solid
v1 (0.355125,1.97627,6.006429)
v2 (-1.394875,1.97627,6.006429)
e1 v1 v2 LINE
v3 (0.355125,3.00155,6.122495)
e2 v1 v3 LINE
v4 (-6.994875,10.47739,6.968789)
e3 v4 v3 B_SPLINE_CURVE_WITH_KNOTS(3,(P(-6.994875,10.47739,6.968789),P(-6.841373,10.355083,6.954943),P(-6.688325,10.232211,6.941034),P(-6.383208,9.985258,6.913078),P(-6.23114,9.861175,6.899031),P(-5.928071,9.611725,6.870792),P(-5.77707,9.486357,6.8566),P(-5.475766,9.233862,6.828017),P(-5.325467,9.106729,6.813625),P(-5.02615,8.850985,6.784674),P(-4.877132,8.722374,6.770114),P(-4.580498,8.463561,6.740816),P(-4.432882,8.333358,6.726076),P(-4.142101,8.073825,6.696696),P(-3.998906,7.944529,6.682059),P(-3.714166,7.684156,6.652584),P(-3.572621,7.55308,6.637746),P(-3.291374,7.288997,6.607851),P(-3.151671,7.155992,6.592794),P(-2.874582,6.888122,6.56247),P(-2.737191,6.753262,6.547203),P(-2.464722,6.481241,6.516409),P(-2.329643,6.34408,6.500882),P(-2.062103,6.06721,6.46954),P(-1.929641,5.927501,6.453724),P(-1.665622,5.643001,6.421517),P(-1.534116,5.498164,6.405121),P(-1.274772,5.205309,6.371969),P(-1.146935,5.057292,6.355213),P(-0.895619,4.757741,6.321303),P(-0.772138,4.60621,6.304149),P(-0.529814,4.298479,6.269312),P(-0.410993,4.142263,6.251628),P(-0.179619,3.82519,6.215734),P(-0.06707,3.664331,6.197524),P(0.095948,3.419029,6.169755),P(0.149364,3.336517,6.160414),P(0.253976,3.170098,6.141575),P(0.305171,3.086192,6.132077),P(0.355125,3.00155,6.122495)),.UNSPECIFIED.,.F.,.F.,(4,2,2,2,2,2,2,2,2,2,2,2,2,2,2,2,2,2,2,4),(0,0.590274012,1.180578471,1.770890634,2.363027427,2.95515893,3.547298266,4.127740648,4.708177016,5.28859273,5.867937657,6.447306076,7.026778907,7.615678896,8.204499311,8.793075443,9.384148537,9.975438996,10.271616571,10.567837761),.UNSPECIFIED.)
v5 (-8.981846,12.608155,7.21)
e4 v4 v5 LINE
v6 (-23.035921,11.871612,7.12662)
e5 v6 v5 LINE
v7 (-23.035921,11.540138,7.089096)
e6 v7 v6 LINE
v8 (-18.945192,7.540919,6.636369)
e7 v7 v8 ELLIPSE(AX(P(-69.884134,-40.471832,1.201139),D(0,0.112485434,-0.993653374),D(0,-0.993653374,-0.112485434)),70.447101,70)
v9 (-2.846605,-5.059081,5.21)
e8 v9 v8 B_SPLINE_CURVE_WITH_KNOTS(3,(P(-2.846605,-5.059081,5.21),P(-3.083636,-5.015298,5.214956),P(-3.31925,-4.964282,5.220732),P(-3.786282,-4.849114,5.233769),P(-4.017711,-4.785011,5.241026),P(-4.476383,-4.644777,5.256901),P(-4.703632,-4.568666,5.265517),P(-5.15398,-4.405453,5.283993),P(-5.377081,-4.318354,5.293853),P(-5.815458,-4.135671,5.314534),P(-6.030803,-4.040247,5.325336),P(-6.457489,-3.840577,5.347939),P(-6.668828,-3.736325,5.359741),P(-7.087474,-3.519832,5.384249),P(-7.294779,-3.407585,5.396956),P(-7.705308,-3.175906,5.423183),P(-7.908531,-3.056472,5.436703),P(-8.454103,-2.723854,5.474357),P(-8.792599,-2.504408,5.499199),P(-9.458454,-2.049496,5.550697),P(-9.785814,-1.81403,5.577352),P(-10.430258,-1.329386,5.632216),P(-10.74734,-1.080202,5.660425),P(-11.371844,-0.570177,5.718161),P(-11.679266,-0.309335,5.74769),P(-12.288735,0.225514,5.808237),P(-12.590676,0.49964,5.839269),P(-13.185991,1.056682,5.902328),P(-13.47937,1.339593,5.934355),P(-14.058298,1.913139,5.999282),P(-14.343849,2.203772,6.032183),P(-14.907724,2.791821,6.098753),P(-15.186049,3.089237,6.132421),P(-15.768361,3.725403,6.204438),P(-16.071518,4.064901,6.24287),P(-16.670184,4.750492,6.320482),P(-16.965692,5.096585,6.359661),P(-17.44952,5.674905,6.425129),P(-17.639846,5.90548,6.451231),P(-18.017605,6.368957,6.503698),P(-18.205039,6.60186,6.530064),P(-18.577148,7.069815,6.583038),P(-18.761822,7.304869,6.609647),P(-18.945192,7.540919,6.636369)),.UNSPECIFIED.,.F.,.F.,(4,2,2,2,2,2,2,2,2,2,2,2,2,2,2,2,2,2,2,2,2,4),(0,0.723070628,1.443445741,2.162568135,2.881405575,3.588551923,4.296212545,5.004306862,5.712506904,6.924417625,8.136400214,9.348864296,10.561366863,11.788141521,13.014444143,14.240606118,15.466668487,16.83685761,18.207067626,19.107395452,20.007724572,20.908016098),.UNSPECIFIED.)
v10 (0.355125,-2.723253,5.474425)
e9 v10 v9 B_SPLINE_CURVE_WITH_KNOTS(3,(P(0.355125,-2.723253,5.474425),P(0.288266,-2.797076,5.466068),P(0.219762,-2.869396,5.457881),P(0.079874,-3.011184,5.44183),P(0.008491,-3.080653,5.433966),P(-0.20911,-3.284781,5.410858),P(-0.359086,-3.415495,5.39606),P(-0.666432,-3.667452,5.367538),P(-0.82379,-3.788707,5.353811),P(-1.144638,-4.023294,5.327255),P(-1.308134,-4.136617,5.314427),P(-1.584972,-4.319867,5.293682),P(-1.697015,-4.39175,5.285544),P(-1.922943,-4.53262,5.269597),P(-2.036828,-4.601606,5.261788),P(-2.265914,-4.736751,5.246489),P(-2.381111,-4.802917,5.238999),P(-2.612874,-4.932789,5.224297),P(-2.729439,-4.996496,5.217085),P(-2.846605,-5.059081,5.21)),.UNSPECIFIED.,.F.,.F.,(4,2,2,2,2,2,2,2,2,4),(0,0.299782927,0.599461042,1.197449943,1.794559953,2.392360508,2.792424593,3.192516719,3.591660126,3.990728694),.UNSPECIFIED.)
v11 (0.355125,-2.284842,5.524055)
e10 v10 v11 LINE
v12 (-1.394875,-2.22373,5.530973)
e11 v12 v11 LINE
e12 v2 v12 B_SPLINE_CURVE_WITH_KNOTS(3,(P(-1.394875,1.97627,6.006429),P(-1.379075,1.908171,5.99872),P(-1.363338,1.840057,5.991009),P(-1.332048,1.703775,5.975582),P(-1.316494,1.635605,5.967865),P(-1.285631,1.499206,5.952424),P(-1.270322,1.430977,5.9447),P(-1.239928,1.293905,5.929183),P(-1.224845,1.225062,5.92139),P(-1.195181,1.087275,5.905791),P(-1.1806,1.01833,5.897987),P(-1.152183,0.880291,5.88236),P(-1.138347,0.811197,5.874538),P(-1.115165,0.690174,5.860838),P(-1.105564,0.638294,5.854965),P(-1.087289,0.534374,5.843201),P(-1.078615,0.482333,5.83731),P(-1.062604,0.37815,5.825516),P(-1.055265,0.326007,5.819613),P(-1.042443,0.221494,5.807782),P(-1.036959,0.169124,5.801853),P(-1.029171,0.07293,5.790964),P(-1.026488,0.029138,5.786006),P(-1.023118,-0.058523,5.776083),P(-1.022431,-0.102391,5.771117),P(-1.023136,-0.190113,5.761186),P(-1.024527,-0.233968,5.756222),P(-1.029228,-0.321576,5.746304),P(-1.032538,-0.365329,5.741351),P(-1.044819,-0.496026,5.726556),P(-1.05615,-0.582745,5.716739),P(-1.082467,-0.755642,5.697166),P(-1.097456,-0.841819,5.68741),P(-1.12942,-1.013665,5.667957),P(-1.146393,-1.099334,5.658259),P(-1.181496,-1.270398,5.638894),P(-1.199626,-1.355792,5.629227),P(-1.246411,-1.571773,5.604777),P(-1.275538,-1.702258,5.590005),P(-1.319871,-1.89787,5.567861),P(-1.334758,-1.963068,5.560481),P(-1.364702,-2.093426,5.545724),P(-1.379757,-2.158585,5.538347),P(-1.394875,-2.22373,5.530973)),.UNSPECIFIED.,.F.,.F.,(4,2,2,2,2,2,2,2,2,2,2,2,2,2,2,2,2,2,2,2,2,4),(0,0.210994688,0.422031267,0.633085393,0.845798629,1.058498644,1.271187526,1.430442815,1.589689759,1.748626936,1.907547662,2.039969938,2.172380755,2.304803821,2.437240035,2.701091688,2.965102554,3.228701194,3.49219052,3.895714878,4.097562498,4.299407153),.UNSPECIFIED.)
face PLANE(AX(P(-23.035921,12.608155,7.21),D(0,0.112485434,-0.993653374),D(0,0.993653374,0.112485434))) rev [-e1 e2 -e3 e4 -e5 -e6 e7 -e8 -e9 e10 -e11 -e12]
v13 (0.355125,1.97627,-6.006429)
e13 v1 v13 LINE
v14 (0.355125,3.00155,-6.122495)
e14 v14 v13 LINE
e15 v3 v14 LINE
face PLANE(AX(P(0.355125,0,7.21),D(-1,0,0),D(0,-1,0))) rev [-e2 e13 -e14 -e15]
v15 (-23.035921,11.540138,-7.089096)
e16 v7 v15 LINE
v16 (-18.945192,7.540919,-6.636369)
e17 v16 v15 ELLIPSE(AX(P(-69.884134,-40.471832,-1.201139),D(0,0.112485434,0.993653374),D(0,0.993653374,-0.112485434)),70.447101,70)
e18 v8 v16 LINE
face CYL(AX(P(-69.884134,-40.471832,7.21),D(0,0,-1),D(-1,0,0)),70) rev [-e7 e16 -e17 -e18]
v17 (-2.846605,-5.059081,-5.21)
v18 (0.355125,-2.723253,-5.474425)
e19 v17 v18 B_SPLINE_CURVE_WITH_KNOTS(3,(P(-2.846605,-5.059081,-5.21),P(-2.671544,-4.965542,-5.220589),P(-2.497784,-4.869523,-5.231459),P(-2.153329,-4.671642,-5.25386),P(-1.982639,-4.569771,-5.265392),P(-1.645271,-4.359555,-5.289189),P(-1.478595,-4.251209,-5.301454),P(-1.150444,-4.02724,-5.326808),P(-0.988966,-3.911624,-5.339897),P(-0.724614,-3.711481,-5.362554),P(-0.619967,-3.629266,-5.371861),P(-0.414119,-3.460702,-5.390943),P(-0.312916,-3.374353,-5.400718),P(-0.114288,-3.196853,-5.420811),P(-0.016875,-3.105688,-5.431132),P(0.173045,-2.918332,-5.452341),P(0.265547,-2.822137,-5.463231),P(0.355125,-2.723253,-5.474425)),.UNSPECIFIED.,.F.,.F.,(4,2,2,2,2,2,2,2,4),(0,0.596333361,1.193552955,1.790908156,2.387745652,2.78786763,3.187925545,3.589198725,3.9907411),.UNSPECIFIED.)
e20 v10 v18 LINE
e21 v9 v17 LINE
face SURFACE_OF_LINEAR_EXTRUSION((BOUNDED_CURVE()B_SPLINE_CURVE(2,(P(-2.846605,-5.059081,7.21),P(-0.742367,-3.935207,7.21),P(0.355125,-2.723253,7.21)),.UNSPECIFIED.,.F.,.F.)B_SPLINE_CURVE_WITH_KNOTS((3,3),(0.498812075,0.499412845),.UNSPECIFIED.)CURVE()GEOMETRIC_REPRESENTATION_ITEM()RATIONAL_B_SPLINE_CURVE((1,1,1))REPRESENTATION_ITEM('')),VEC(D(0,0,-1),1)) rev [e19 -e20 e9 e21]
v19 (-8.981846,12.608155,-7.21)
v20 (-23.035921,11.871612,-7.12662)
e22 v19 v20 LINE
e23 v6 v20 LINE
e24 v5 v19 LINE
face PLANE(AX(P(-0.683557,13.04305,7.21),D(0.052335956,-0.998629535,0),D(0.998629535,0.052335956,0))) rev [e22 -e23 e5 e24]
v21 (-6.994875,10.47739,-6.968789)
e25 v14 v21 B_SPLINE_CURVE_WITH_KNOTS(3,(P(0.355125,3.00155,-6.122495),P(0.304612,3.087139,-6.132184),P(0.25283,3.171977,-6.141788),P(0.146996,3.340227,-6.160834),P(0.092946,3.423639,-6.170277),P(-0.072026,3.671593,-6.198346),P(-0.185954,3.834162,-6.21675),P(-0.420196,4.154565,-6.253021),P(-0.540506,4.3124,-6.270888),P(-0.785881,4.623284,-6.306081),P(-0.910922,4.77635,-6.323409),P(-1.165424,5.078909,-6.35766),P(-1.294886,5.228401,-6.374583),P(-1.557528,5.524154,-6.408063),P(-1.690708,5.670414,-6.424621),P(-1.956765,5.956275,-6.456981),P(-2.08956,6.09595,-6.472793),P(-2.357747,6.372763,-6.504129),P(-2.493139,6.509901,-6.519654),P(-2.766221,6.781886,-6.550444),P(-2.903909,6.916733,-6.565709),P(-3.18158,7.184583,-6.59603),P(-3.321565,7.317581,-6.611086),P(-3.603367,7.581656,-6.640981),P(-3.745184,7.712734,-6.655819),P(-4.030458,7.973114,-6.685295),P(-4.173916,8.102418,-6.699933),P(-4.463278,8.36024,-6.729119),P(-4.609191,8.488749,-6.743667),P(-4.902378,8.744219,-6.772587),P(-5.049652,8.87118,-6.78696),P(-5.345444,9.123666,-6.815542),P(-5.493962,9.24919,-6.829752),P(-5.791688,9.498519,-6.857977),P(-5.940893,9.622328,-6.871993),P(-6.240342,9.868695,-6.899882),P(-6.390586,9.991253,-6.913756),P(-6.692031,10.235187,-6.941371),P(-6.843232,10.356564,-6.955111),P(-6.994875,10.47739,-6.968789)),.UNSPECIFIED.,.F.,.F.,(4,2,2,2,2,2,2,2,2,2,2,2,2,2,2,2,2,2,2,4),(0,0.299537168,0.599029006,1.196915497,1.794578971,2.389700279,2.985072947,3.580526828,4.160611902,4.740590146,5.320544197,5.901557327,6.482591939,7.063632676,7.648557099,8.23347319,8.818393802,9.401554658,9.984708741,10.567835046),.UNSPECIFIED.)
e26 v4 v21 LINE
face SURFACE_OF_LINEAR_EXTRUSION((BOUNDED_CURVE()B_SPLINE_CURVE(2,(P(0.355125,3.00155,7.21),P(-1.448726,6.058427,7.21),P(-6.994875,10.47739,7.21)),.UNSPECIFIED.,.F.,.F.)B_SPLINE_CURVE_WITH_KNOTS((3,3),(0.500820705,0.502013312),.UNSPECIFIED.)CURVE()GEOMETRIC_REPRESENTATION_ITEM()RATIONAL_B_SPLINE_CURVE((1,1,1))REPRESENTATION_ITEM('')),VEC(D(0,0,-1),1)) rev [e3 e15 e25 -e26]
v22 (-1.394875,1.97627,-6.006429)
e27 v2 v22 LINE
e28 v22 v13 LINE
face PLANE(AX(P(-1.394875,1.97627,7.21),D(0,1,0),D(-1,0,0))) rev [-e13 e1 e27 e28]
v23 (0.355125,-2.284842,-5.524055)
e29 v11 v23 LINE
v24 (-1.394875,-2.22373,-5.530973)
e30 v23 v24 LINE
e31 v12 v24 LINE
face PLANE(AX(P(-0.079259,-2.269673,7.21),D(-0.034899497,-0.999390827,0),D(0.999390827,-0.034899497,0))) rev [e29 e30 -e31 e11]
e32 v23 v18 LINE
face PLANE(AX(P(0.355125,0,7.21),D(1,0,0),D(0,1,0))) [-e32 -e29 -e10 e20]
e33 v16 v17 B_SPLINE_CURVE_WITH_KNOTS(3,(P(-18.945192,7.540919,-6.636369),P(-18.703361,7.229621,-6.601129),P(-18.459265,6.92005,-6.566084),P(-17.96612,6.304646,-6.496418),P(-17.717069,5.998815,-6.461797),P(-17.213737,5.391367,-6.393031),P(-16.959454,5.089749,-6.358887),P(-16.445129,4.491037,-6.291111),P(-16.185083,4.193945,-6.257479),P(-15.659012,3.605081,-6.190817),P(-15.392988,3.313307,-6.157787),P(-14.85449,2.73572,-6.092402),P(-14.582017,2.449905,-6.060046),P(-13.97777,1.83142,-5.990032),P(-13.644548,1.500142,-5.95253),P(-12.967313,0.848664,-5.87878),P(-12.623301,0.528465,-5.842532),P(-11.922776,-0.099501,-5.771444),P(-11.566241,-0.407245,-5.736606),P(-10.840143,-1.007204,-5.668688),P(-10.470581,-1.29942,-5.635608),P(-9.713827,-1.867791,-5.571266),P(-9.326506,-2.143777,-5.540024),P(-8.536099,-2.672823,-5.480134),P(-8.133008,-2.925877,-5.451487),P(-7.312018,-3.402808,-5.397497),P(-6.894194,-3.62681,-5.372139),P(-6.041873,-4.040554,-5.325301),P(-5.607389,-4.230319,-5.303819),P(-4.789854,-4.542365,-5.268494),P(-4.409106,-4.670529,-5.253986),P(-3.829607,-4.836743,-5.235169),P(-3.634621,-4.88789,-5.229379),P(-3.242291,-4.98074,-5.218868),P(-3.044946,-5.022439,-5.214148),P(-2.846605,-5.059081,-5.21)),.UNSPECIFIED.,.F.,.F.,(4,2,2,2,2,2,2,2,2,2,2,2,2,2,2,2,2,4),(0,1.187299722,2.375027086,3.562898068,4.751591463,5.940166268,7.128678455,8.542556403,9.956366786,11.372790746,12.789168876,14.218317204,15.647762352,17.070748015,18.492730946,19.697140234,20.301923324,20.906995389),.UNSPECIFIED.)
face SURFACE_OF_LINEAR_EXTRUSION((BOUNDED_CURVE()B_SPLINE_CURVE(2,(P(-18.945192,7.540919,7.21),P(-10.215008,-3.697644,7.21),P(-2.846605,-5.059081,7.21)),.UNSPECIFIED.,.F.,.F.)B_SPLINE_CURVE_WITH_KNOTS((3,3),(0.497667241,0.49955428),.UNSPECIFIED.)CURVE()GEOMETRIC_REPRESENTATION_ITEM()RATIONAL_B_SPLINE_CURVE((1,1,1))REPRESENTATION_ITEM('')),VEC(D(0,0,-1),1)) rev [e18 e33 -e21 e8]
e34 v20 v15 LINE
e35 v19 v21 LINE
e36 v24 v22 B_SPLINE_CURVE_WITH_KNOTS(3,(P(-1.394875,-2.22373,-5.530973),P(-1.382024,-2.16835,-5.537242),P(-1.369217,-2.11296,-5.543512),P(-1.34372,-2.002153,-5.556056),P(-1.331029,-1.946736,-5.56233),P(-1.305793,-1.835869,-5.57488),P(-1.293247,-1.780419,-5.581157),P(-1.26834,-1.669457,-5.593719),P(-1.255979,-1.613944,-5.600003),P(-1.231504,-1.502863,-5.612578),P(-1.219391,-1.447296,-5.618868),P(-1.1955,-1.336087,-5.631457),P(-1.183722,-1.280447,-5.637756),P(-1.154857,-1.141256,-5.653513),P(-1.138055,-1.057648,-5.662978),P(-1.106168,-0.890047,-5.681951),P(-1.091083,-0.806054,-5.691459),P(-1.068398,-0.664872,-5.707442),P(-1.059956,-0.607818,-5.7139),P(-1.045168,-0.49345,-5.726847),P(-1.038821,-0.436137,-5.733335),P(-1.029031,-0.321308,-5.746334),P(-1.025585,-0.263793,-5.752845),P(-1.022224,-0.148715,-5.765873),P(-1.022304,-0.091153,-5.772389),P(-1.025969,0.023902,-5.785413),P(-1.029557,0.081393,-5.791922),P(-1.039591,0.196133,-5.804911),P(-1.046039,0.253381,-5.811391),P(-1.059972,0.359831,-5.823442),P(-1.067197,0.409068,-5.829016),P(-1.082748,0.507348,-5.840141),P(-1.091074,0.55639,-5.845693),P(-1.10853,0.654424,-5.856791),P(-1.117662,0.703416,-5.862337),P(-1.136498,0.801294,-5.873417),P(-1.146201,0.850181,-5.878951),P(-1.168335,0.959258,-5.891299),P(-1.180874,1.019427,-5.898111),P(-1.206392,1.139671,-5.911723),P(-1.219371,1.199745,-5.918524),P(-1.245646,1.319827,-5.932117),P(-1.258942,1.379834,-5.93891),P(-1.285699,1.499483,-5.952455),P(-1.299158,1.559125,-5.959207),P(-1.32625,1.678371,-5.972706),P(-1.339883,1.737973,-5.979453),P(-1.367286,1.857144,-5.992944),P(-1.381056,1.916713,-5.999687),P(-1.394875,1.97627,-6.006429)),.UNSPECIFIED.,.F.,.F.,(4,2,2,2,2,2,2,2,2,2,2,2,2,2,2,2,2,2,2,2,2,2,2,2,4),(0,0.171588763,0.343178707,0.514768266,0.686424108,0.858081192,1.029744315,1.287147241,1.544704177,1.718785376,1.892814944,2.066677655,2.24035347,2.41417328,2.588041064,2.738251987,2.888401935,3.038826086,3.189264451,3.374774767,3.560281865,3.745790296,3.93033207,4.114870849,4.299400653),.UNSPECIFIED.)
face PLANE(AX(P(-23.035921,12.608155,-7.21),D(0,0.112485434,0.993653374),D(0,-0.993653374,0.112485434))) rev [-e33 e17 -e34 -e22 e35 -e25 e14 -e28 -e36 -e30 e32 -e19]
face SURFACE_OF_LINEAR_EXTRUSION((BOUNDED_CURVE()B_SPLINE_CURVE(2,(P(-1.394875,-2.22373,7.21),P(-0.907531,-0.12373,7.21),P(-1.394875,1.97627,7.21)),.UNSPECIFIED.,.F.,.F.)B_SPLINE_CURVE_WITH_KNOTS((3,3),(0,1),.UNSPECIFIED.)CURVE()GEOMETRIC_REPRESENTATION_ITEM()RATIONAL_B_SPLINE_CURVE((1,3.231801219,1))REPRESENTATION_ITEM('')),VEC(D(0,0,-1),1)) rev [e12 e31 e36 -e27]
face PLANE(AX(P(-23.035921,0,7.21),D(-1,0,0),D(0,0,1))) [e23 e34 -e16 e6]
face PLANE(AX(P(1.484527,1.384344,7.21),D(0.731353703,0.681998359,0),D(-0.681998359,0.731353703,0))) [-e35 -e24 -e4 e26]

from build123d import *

# Parameters (mm, degrees)
SALIENTE_EXTRUIR1_DEPTH      = 7.21
SALIENTE_EXTRUIR2_DEPTH      = 7.21
SALIENTE_EXTRUIR2_DEPTH_BACK = 7.21
CORTAR_EXTRUIR2_DEPTH        = 28.232395202
CORTAR_EXTRUIR2_DEPTH_BACK   = 28.232395202


with BuildPart() as part:
    # Croquis1 → Saliente-Extruir1 (new, symmetric)
    with BuildSketch(Plane.XY):
        with BuildLine():
            add(Edge.make_bspline(
                [(-18.945192114, 7.540918896), (-10.215008384, -3.697644103), (-2.846604825, -5.059081104)],
                knots=[0.497667241, 0.497667241, 0.497667241, 0.49955428, 0.49955428, 0.49955428], degree=2, weights=[1, 1, 1]))
            add(Edge.make_bspline(
                [(-2.846604825, -5.059081104), (-0.742366882, -3.9352066), (0.355125, -2.723253227)],
                knots=[0.498812075, 0.498812075, 0.498812075, 0.499412845, 0.499412845, 0.499412845], degree=2, weights=[1, 1, 1]))
            Line((0.355125, -2.723253227), (0.355125, -2.284841781))
            Line((0.355125, -2.284841781), (-1.394875, -2.223730435))
            add(Edge.make_bspline(
                [(-1.394875, -2.223730435), (-0.90753067, -0.123730435), (-1.394875, 1.976269565)],
                knots=[0, 0, 0, 1, 1, 1], degree=2, weights=[1, 3.231801219, 1]))
            Line((-1.394875, 1.976269565), (0.355125, 2.284841781))
            Line((0.355125, 2.284841781), (0.355125, 3.001549529))
            add(Edge.make_bspline(
                [(0.355125, 3.001549529), (-1.44872627, 6.058427314), (-6.994875026, 10.477389992)],
                knots=[0.500820705, 0.500820705, 0.500820705, 0.502013312, 0.502013312, 0.502013312], degree=2, weights=[1, 1, 1]))
            Line((-6.994875026, 10.477389992), (-8.981845695, 12.608155172))
            Line((-8.981845695, 12.608155172), (-23.035921146, 11.871612288))
            Line((-23.035921146, 11.871612288), (-23.035921146, 11.54013782))
            ThreePointArc((-23.035921146, 11.54013782), (-20.949684518, 9.582335705), (-18.945192114, 7.540918896))
        make_face()
    extrude(amount=SALIENTE_EXTRUIR1_DEPTH, both=True)

    # Croquis4 → Saliente-Extruir2 (add, two sides: drawn at the far end of the back side and taken through both)
    with BuildSketch(Plane.XY.offset(-SALIENTE_EXTRUIR2_DEPTH_BACK)):
        Polygon((-1.394875, 1.976269565), (0.355125, 2.284841781), (0.355125, 1.976269565), align=None)
    extrude(amount=SALIENTE_EXTRUIR2_DEPTH + SALIENTE_EXTRUIR2_DEPTH_BACK)

    # Croquis6 → Cortar-Extruir2 (cut, two sides: drawn at the far end of the back side and taken through both)
    with BuildSketch(Plane(origin=(0, 0, 0), x_dir=(0, 0, -1), z_dir=(1, 0, 0)).offset(-CORTAR_EXTRUIR2_DEPTH_BACK)):
        Polygon((7.21, 12.608155172), (7.21, -5.059081104), (5.21, -5.059081104), align=None)
        Polygon((-7.21, 12.608155172), (-7.21, -5.059081104), (-5.21, -5.059081104), align=None)
    extrude(amount=CORTAR_EXTRUIR2_DEPTH + CORTAR_EXTRUIR2_DEPTH_BACK, mode=Mode.SUBTRACT)


solid = part.part
